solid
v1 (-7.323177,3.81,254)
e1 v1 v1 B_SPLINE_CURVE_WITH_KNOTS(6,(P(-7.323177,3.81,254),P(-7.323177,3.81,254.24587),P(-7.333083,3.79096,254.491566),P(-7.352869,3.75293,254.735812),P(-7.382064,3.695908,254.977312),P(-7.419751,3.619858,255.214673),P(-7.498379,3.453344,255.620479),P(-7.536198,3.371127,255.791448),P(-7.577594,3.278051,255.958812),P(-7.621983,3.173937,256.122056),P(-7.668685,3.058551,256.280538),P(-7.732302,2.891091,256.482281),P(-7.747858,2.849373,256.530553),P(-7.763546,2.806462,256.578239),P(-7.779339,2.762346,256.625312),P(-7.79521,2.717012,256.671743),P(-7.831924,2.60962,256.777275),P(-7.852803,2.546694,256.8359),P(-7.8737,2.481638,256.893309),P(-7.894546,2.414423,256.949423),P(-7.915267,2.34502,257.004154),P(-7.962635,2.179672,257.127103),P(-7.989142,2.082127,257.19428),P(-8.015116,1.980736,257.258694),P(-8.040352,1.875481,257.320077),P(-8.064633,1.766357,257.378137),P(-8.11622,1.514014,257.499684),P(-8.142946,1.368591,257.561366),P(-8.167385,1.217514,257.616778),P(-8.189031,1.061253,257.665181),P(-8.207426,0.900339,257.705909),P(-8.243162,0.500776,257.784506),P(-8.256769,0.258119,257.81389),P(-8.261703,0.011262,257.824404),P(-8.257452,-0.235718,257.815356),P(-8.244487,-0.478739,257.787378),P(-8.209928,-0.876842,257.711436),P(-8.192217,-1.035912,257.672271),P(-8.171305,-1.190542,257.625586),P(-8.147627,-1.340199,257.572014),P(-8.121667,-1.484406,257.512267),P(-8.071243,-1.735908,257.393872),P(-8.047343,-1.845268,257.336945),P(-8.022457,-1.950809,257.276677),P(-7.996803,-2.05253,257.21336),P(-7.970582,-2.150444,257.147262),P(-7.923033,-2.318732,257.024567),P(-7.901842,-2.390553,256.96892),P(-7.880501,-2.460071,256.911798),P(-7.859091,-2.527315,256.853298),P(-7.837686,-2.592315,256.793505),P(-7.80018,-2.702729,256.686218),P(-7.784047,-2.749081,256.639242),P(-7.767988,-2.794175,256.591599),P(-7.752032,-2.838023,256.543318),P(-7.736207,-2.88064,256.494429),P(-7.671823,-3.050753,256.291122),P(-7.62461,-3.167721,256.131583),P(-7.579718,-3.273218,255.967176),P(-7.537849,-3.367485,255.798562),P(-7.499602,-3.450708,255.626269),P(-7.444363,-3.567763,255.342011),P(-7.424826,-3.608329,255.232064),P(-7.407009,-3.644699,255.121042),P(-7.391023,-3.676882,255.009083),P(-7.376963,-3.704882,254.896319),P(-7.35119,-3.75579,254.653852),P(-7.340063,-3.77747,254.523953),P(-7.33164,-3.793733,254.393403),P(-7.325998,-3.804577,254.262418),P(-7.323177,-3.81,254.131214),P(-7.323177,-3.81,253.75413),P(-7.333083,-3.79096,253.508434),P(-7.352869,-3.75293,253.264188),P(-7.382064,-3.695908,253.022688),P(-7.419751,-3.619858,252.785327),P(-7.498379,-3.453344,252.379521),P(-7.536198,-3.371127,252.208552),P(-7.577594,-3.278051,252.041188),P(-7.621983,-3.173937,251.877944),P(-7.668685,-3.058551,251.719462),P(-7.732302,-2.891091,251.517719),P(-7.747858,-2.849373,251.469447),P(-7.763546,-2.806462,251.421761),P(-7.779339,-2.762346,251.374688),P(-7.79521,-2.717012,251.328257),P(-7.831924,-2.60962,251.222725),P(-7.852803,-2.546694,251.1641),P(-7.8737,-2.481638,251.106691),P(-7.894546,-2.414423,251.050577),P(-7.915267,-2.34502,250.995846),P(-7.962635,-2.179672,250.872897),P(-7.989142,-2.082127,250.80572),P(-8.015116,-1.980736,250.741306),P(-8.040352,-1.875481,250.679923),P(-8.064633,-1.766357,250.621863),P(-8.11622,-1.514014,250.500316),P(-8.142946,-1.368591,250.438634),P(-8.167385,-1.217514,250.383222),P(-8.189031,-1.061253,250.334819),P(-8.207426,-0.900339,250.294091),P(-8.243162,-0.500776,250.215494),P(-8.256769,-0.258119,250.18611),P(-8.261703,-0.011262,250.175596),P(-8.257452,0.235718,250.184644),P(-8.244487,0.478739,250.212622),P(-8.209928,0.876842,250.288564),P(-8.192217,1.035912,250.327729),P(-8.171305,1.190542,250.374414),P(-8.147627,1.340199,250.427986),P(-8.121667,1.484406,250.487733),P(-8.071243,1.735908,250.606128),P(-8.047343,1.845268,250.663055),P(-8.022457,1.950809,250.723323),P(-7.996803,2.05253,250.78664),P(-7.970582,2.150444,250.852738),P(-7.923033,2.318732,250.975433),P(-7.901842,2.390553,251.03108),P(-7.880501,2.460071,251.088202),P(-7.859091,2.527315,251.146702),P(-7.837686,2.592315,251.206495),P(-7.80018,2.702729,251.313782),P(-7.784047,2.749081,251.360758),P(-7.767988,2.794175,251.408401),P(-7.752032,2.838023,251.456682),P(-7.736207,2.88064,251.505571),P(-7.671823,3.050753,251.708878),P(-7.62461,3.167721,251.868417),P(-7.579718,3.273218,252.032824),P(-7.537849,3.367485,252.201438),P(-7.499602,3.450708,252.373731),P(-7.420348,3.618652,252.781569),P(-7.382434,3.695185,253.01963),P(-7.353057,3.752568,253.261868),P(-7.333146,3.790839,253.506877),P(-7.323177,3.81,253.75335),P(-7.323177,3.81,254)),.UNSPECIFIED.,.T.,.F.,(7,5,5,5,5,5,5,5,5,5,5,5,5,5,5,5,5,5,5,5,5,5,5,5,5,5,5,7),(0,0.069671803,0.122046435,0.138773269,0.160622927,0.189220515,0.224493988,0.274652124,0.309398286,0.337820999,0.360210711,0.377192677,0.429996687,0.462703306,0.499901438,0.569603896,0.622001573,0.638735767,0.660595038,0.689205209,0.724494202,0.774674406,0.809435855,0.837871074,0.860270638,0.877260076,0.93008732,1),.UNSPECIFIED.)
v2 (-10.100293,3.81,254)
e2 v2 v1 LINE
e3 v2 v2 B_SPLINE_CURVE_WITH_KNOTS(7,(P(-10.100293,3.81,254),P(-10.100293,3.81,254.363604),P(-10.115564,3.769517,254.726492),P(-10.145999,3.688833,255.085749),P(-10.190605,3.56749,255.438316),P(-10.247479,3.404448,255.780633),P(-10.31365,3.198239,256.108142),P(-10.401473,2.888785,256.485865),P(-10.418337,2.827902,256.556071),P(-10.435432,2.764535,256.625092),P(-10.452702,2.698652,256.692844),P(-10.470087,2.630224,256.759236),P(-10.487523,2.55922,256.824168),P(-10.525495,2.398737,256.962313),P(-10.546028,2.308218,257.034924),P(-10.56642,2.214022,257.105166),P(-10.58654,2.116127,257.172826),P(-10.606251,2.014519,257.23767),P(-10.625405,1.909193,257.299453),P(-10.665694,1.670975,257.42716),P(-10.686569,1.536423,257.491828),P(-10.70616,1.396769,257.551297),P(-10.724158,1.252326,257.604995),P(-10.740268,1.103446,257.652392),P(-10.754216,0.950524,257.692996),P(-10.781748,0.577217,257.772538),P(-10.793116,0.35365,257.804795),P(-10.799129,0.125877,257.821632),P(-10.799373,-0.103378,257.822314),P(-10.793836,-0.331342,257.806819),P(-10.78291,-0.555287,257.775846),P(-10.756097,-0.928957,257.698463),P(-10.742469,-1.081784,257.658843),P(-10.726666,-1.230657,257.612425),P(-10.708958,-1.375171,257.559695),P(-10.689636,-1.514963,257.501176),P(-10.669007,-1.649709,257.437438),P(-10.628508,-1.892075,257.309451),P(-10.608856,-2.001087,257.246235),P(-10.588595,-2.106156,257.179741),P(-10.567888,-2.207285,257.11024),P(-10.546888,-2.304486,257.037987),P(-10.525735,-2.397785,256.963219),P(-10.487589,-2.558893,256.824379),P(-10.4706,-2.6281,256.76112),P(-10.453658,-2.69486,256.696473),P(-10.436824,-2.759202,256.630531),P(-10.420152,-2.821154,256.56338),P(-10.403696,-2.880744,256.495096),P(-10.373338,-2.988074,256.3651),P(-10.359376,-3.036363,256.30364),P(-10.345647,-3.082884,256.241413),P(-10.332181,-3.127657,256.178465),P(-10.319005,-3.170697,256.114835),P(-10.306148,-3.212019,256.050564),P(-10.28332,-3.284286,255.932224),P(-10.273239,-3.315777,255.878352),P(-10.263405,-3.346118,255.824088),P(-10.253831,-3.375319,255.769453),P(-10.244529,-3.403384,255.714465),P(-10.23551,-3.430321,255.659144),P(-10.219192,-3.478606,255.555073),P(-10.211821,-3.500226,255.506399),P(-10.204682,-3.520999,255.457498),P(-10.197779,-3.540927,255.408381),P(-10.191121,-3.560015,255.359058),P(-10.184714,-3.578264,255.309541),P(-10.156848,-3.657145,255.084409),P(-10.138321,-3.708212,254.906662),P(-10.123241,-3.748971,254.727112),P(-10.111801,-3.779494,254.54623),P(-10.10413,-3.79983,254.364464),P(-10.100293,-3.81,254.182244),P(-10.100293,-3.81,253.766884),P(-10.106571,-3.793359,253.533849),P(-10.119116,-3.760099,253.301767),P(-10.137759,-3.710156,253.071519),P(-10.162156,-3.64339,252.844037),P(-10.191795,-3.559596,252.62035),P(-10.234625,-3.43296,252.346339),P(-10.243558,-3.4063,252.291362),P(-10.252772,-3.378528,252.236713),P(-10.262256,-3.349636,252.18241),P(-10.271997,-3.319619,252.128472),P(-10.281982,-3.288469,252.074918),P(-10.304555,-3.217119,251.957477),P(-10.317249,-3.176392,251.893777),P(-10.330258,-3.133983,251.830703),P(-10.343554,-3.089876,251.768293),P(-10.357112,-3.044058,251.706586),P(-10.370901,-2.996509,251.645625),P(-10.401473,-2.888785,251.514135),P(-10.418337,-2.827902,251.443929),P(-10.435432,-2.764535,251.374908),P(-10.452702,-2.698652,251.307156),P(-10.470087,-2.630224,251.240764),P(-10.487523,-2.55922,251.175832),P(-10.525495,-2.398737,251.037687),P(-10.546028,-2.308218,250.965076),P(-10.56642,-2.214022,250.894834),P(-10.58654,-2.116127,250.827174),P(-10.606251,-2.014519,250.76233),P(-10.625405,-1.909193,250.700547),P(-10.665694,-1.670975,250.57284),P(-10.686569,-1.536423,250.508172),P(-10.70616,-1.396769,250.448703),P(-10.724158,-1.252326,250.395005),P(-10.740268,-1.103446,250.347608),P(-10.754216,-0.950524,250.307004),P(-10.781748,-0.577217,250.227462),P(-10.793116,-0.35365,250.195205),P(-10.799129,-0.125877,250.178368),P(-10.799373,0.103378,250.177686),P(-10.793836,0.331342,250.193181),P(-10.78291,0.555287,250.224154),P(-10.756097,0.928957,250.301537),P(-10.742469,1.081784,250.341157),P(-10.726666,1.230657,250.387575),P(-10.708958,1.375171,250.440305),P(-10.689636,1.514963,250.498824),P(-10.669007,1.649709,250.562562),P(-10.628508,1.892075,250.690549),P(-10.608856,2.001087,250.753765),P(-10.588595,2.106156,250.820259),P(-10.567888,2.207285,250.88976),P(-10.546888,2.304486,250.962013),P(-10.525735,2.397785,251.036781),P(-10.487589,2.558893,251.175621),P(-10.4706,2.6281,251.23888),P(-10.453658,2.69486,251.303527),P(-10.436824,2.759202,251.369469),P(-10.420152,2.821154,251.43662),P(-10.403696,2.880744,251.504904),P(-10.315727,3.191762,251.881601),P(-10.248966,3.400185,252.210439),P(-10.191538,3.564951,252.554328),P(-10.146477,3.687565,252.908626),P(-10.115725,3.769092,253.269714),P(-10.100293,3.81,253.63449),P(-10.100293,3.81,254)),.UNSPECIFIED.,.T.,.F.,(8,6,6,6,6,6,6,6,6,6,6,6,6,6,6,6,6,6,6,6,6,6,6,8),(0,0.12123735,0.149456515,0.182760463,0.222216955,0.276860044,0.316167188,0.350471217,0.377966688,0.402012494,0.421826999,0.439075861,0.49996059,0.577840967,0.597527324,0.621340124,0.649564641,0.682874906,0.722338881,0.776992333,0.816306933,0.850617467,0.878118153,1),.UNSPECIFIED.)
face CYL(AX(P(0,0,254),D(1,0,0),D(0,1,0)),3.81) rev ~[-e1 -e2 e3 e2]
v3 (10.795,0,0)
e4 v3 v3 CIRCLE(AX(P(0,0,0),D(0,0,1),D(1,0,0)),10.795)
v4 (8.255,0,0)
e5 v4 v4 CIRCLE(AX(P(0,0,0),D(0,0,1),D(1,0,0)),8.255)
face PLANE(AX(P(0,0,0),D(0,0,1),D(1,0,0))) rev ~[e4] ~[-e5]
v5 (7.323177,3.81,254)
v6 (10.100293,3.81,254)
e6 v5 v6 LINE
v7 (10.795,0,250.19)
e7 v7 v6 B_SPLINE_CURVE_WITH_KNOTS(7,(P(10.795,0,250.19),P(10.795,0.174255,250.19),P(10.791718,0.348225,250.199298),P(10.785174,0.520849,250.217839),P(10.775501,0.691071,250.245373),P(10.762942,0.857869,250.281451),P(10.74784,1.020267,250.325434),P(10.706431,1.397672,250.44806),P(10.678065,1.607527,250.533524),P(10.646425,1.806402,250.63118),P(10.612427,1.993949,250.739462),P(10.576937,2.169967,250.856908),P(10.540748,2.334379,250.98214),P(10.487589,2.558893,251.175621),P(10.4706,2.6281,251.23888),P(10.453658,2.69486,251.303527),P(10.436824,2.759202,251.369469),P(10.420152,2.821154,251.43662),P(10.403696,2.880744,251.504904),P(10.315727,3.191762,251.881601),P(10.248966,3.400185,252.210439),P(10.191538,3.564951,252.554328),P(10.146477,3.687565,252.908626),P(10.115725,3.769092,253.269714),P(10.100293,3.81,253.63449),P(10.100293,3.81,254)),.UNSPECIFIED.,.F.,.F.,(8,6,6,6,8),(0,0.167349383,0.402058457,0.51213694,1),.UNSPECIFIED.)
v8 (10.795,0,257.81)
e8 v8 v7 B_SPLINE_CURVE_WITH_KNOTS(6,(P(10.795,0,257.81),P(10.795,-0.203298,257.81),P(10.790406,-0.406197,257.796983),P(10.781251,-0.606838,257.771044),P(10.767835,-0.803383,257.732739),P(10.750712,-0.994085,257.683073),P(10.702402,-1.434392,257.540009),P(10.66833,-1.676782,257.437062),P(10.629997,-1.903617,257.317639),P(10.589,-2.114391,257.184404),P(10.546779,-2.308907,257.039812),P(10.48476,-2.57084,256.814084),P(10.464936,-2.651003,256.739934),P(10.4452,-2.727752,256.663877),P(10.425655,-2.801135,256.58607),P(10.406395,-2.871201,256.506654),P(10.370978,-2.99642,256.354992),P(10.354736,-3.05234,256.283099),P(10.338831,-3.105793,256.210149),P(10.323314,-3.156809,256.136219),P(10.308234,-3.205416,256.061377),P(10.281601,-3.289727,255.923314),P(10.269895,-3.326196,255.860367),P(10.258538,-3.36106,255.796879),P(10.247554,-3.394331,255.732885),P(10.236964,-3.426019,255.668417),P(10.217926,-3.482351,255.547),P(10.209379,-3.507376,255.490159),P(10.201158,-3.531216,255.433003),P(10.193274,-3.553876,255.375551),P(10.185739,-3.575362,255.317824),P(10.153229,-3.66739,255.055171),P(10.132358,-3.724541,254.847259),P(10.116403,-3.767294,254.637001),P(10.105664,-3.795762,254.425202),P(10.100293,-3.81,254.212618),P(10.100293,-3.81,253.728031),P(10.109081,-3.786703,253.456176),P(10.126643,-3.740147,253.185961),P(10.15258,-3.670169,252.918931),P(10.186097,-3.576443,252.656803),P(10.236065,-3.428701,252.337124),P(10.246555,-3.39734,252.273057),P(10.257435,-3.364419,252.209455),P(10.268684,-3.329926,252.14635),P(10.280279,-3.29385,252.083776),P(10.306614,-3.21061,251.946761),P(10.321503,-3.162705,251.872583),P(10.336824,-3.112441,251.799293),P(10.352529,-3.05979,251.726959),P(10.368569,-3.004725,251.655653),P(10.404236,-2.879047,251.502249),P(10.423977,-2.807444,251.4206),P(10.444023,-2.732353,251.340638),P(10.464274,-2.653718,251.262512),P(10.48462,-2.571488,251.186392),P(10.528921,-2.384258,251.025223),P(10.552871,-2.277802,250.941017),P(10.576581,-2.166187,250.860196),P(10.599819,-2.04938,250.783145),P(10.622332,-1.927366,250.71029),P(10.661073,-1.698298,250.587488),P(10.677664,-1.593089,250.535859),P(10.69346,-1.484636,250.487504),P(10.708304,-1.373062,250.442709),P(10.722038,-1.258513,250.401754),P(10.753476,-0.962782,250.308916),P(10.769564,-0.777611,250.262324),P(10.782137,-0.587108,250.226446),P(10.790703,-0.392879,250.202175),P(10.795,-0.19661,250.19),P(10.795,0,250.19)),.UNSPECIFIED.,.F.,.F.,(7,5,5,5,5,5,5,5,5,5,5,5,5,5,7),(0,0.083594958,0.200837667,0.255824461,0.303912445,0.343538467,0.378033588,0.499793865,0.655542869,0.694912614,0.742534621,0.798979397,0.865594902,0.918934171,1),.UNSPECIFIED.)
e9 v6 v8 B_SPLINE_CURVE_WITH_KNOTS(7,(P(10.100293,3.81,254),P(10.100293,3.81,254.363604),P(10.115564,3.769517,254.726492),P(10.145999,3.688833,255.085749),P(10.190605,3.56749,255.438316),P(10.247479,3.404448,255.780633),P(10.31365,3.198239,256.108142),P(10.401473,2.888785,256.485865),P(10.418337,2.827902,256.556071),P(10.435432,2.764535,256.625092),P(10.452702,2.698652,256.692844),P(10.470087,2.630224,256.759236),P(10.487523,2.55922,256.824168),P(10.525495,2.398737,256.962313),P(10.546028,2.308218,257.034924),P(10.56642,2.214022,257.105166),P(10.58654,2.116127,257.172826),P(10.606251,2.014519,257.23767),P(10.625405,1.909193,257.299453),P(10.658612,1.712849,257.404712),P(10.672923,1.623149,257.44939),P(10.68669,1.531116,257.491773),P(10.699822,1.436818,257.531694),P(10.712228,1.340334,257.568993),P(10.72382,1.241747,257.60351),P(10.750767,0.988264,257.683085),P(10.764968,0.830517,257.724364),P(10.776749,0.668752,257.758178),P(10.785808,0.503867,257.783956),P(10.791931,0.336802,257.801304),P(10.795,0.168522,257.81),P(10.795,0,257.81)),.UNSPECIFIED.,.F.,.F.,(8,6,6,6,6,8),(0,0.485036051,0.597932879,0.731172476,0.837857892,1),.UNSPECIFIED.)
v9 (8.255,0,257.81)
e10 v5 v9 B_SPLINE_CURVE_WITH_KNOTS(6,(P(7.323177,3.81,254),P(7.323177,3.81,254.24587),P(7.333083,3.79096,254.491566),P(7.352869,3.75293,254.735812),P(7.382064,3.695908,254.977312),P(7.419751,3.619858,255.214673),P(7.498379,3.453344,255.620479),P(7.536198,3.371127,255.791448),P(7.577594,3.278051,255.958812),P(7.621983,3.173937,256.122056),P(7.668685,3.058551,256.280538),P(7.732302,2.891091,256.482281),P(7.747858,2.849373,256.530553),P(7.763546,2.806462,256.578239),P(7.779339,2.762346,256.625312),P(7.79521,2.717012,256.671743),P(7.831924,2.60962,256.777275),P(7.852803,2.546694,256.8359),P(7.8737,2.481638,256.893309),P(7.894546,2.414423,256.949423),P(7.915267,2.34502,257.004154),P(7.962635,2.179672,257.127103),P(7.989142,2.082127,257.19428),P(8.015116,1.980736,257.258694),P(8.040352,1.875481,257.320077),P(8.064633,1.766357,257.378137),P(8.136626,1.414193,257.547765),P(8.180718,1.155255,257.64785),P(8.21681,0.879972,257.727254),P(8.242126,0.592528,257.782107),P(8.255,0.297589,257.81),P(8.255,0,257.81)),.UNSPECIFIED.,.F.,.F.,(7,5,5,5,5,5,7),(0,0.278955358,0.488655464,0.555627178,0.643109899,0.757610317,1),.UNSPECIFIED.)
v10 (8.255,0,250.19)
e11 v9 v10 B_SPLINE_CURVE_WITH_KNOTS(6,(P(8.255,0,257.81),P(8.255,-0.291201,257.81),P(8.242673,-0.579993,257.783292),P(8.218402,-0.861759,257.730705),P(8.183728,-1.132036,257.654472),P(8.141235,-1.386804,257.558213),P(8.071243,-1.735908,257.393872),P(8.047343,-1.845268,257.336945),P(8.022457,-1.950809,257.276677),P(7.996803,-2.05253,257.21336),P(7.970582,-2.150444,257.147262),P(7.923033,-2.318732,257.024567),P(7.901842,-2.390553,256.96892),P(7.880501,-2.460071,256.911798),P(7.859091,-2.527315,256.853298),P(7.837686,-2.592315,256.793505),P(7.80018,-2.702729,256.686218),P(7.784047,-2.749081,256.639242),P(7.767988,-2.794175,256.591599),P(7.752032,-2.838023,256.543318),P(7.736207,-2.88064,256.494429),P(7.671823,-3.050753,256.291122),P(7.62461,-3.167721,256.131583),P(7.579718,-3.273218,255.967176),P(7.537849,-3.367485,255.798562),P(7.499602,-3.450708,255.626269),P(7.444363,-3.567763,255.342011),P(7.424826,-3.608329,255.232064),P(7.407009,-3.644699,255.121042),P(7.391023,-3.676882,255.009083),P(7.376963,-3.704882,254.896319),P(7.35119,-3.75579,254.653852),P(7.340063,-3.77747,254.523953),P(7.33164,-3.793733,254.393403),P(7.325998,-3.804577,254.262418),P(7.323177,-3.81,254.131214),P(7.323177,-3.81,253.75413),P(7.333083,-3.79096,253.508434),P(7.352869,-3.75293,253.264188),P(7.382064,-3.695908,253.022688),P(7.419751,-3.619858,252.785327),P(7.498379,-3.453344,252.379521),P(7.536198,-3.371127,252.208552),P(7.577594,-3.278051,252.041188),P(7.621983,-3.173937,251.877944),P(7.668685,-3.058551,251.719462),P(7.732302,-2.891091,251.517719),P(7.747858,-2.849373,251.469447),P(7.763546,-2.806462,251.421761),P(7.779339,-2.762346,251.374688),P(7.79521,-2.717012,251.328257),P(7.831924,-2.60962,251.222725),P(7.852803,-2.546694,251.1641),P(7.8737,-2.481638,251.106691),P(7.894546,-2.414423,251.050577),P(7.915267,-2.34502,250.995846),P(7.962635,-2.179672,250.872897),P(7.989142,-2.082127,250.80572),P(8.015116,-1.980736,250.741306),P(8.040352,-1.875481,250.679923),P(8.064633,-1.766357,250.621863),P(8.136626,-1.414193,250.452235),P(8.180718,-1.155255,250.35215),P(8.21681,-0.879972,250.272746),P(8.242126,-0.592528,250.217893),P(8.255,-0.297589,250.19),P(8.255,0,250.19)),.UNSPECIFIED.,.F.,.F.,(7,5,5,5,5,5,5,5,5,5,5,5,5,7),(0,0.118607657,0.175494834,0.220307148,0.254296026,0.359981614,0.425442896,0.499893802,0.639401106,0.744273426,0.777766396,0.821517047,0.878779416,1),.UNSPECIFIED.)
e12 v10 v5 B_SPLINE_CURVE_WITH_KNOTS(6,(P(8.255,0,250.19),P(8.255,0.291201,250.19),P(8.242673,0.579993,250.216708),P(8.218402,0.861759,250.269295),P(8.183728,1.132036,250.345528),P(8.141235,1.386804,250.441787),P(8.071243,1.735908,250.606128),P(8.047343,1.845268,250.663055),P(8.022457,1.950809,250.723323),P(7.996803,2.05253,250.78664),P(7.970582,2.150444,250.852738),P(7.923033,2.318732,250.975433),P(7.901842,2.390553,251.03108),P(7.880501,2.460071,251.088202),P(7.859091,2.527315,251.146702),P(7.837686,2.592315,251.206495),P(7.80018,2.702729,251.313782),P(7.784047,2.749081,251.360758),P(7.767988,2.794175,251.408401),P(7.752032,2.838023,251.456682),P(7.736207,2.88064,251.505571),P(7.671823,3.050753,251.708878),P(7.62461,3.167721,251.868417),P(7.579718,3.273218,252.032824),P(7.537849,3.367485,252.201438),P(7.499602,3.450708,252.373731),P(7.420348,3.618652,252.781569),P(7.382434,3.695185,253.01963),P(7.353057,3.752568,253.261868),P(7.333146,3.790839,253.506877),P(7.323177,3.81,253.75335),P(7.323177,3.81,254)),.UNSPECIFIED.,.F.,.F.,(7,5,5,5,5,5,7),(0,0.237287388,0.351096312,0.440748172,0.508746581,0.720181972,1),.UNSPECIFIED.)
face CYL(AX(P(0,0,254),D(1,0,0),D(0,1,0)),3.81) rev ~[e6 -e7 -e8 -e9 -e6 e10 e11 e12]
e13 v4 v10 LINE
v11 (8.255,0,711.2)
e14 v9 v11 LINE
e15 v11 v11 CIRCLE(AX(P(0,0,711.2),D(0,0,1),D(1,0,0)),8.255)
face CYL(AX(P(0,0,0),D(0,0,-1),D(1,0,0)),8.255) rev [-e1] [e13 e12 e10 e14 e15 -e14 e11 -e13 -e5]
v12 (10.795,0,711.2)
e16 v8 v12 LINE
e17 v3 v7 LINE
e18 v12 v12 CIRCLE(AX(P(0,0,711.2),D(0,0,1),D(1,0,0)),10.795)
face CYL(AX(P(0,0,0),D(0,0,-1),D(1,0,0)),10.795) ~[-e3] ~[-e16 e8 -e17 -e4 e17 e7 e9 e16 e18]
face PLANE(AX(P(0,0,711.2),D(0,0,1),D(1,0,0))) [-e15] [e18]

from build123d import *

# Parameters (mm, degrees)
F0_R     = 10.795
F0_R_2   = 8.255
F1_DEPTH = 711.2
F2_R     = 3.81
F3_DEPTH = 12.7


with BuildPart() as f1:
    # F0 (on Top) → F1 (new body)
    with BuildSketch(Plane.XY):
        Circle(F0_R)
        Circle(F0_R_2, mode=Mode.SUBTRACT)
    extrude(amount=F1_DEPTH)

    # F2 (on Right) → F3 (cut, symmetric)
    with BuildSketch(Plane.YZ):
        with Locations((0, 254)):
            Circle(F2_R)
    extrude(amount=F3_DEPTH, both=True, mode=Mode.SUBTRACT)


solid = f1.part
